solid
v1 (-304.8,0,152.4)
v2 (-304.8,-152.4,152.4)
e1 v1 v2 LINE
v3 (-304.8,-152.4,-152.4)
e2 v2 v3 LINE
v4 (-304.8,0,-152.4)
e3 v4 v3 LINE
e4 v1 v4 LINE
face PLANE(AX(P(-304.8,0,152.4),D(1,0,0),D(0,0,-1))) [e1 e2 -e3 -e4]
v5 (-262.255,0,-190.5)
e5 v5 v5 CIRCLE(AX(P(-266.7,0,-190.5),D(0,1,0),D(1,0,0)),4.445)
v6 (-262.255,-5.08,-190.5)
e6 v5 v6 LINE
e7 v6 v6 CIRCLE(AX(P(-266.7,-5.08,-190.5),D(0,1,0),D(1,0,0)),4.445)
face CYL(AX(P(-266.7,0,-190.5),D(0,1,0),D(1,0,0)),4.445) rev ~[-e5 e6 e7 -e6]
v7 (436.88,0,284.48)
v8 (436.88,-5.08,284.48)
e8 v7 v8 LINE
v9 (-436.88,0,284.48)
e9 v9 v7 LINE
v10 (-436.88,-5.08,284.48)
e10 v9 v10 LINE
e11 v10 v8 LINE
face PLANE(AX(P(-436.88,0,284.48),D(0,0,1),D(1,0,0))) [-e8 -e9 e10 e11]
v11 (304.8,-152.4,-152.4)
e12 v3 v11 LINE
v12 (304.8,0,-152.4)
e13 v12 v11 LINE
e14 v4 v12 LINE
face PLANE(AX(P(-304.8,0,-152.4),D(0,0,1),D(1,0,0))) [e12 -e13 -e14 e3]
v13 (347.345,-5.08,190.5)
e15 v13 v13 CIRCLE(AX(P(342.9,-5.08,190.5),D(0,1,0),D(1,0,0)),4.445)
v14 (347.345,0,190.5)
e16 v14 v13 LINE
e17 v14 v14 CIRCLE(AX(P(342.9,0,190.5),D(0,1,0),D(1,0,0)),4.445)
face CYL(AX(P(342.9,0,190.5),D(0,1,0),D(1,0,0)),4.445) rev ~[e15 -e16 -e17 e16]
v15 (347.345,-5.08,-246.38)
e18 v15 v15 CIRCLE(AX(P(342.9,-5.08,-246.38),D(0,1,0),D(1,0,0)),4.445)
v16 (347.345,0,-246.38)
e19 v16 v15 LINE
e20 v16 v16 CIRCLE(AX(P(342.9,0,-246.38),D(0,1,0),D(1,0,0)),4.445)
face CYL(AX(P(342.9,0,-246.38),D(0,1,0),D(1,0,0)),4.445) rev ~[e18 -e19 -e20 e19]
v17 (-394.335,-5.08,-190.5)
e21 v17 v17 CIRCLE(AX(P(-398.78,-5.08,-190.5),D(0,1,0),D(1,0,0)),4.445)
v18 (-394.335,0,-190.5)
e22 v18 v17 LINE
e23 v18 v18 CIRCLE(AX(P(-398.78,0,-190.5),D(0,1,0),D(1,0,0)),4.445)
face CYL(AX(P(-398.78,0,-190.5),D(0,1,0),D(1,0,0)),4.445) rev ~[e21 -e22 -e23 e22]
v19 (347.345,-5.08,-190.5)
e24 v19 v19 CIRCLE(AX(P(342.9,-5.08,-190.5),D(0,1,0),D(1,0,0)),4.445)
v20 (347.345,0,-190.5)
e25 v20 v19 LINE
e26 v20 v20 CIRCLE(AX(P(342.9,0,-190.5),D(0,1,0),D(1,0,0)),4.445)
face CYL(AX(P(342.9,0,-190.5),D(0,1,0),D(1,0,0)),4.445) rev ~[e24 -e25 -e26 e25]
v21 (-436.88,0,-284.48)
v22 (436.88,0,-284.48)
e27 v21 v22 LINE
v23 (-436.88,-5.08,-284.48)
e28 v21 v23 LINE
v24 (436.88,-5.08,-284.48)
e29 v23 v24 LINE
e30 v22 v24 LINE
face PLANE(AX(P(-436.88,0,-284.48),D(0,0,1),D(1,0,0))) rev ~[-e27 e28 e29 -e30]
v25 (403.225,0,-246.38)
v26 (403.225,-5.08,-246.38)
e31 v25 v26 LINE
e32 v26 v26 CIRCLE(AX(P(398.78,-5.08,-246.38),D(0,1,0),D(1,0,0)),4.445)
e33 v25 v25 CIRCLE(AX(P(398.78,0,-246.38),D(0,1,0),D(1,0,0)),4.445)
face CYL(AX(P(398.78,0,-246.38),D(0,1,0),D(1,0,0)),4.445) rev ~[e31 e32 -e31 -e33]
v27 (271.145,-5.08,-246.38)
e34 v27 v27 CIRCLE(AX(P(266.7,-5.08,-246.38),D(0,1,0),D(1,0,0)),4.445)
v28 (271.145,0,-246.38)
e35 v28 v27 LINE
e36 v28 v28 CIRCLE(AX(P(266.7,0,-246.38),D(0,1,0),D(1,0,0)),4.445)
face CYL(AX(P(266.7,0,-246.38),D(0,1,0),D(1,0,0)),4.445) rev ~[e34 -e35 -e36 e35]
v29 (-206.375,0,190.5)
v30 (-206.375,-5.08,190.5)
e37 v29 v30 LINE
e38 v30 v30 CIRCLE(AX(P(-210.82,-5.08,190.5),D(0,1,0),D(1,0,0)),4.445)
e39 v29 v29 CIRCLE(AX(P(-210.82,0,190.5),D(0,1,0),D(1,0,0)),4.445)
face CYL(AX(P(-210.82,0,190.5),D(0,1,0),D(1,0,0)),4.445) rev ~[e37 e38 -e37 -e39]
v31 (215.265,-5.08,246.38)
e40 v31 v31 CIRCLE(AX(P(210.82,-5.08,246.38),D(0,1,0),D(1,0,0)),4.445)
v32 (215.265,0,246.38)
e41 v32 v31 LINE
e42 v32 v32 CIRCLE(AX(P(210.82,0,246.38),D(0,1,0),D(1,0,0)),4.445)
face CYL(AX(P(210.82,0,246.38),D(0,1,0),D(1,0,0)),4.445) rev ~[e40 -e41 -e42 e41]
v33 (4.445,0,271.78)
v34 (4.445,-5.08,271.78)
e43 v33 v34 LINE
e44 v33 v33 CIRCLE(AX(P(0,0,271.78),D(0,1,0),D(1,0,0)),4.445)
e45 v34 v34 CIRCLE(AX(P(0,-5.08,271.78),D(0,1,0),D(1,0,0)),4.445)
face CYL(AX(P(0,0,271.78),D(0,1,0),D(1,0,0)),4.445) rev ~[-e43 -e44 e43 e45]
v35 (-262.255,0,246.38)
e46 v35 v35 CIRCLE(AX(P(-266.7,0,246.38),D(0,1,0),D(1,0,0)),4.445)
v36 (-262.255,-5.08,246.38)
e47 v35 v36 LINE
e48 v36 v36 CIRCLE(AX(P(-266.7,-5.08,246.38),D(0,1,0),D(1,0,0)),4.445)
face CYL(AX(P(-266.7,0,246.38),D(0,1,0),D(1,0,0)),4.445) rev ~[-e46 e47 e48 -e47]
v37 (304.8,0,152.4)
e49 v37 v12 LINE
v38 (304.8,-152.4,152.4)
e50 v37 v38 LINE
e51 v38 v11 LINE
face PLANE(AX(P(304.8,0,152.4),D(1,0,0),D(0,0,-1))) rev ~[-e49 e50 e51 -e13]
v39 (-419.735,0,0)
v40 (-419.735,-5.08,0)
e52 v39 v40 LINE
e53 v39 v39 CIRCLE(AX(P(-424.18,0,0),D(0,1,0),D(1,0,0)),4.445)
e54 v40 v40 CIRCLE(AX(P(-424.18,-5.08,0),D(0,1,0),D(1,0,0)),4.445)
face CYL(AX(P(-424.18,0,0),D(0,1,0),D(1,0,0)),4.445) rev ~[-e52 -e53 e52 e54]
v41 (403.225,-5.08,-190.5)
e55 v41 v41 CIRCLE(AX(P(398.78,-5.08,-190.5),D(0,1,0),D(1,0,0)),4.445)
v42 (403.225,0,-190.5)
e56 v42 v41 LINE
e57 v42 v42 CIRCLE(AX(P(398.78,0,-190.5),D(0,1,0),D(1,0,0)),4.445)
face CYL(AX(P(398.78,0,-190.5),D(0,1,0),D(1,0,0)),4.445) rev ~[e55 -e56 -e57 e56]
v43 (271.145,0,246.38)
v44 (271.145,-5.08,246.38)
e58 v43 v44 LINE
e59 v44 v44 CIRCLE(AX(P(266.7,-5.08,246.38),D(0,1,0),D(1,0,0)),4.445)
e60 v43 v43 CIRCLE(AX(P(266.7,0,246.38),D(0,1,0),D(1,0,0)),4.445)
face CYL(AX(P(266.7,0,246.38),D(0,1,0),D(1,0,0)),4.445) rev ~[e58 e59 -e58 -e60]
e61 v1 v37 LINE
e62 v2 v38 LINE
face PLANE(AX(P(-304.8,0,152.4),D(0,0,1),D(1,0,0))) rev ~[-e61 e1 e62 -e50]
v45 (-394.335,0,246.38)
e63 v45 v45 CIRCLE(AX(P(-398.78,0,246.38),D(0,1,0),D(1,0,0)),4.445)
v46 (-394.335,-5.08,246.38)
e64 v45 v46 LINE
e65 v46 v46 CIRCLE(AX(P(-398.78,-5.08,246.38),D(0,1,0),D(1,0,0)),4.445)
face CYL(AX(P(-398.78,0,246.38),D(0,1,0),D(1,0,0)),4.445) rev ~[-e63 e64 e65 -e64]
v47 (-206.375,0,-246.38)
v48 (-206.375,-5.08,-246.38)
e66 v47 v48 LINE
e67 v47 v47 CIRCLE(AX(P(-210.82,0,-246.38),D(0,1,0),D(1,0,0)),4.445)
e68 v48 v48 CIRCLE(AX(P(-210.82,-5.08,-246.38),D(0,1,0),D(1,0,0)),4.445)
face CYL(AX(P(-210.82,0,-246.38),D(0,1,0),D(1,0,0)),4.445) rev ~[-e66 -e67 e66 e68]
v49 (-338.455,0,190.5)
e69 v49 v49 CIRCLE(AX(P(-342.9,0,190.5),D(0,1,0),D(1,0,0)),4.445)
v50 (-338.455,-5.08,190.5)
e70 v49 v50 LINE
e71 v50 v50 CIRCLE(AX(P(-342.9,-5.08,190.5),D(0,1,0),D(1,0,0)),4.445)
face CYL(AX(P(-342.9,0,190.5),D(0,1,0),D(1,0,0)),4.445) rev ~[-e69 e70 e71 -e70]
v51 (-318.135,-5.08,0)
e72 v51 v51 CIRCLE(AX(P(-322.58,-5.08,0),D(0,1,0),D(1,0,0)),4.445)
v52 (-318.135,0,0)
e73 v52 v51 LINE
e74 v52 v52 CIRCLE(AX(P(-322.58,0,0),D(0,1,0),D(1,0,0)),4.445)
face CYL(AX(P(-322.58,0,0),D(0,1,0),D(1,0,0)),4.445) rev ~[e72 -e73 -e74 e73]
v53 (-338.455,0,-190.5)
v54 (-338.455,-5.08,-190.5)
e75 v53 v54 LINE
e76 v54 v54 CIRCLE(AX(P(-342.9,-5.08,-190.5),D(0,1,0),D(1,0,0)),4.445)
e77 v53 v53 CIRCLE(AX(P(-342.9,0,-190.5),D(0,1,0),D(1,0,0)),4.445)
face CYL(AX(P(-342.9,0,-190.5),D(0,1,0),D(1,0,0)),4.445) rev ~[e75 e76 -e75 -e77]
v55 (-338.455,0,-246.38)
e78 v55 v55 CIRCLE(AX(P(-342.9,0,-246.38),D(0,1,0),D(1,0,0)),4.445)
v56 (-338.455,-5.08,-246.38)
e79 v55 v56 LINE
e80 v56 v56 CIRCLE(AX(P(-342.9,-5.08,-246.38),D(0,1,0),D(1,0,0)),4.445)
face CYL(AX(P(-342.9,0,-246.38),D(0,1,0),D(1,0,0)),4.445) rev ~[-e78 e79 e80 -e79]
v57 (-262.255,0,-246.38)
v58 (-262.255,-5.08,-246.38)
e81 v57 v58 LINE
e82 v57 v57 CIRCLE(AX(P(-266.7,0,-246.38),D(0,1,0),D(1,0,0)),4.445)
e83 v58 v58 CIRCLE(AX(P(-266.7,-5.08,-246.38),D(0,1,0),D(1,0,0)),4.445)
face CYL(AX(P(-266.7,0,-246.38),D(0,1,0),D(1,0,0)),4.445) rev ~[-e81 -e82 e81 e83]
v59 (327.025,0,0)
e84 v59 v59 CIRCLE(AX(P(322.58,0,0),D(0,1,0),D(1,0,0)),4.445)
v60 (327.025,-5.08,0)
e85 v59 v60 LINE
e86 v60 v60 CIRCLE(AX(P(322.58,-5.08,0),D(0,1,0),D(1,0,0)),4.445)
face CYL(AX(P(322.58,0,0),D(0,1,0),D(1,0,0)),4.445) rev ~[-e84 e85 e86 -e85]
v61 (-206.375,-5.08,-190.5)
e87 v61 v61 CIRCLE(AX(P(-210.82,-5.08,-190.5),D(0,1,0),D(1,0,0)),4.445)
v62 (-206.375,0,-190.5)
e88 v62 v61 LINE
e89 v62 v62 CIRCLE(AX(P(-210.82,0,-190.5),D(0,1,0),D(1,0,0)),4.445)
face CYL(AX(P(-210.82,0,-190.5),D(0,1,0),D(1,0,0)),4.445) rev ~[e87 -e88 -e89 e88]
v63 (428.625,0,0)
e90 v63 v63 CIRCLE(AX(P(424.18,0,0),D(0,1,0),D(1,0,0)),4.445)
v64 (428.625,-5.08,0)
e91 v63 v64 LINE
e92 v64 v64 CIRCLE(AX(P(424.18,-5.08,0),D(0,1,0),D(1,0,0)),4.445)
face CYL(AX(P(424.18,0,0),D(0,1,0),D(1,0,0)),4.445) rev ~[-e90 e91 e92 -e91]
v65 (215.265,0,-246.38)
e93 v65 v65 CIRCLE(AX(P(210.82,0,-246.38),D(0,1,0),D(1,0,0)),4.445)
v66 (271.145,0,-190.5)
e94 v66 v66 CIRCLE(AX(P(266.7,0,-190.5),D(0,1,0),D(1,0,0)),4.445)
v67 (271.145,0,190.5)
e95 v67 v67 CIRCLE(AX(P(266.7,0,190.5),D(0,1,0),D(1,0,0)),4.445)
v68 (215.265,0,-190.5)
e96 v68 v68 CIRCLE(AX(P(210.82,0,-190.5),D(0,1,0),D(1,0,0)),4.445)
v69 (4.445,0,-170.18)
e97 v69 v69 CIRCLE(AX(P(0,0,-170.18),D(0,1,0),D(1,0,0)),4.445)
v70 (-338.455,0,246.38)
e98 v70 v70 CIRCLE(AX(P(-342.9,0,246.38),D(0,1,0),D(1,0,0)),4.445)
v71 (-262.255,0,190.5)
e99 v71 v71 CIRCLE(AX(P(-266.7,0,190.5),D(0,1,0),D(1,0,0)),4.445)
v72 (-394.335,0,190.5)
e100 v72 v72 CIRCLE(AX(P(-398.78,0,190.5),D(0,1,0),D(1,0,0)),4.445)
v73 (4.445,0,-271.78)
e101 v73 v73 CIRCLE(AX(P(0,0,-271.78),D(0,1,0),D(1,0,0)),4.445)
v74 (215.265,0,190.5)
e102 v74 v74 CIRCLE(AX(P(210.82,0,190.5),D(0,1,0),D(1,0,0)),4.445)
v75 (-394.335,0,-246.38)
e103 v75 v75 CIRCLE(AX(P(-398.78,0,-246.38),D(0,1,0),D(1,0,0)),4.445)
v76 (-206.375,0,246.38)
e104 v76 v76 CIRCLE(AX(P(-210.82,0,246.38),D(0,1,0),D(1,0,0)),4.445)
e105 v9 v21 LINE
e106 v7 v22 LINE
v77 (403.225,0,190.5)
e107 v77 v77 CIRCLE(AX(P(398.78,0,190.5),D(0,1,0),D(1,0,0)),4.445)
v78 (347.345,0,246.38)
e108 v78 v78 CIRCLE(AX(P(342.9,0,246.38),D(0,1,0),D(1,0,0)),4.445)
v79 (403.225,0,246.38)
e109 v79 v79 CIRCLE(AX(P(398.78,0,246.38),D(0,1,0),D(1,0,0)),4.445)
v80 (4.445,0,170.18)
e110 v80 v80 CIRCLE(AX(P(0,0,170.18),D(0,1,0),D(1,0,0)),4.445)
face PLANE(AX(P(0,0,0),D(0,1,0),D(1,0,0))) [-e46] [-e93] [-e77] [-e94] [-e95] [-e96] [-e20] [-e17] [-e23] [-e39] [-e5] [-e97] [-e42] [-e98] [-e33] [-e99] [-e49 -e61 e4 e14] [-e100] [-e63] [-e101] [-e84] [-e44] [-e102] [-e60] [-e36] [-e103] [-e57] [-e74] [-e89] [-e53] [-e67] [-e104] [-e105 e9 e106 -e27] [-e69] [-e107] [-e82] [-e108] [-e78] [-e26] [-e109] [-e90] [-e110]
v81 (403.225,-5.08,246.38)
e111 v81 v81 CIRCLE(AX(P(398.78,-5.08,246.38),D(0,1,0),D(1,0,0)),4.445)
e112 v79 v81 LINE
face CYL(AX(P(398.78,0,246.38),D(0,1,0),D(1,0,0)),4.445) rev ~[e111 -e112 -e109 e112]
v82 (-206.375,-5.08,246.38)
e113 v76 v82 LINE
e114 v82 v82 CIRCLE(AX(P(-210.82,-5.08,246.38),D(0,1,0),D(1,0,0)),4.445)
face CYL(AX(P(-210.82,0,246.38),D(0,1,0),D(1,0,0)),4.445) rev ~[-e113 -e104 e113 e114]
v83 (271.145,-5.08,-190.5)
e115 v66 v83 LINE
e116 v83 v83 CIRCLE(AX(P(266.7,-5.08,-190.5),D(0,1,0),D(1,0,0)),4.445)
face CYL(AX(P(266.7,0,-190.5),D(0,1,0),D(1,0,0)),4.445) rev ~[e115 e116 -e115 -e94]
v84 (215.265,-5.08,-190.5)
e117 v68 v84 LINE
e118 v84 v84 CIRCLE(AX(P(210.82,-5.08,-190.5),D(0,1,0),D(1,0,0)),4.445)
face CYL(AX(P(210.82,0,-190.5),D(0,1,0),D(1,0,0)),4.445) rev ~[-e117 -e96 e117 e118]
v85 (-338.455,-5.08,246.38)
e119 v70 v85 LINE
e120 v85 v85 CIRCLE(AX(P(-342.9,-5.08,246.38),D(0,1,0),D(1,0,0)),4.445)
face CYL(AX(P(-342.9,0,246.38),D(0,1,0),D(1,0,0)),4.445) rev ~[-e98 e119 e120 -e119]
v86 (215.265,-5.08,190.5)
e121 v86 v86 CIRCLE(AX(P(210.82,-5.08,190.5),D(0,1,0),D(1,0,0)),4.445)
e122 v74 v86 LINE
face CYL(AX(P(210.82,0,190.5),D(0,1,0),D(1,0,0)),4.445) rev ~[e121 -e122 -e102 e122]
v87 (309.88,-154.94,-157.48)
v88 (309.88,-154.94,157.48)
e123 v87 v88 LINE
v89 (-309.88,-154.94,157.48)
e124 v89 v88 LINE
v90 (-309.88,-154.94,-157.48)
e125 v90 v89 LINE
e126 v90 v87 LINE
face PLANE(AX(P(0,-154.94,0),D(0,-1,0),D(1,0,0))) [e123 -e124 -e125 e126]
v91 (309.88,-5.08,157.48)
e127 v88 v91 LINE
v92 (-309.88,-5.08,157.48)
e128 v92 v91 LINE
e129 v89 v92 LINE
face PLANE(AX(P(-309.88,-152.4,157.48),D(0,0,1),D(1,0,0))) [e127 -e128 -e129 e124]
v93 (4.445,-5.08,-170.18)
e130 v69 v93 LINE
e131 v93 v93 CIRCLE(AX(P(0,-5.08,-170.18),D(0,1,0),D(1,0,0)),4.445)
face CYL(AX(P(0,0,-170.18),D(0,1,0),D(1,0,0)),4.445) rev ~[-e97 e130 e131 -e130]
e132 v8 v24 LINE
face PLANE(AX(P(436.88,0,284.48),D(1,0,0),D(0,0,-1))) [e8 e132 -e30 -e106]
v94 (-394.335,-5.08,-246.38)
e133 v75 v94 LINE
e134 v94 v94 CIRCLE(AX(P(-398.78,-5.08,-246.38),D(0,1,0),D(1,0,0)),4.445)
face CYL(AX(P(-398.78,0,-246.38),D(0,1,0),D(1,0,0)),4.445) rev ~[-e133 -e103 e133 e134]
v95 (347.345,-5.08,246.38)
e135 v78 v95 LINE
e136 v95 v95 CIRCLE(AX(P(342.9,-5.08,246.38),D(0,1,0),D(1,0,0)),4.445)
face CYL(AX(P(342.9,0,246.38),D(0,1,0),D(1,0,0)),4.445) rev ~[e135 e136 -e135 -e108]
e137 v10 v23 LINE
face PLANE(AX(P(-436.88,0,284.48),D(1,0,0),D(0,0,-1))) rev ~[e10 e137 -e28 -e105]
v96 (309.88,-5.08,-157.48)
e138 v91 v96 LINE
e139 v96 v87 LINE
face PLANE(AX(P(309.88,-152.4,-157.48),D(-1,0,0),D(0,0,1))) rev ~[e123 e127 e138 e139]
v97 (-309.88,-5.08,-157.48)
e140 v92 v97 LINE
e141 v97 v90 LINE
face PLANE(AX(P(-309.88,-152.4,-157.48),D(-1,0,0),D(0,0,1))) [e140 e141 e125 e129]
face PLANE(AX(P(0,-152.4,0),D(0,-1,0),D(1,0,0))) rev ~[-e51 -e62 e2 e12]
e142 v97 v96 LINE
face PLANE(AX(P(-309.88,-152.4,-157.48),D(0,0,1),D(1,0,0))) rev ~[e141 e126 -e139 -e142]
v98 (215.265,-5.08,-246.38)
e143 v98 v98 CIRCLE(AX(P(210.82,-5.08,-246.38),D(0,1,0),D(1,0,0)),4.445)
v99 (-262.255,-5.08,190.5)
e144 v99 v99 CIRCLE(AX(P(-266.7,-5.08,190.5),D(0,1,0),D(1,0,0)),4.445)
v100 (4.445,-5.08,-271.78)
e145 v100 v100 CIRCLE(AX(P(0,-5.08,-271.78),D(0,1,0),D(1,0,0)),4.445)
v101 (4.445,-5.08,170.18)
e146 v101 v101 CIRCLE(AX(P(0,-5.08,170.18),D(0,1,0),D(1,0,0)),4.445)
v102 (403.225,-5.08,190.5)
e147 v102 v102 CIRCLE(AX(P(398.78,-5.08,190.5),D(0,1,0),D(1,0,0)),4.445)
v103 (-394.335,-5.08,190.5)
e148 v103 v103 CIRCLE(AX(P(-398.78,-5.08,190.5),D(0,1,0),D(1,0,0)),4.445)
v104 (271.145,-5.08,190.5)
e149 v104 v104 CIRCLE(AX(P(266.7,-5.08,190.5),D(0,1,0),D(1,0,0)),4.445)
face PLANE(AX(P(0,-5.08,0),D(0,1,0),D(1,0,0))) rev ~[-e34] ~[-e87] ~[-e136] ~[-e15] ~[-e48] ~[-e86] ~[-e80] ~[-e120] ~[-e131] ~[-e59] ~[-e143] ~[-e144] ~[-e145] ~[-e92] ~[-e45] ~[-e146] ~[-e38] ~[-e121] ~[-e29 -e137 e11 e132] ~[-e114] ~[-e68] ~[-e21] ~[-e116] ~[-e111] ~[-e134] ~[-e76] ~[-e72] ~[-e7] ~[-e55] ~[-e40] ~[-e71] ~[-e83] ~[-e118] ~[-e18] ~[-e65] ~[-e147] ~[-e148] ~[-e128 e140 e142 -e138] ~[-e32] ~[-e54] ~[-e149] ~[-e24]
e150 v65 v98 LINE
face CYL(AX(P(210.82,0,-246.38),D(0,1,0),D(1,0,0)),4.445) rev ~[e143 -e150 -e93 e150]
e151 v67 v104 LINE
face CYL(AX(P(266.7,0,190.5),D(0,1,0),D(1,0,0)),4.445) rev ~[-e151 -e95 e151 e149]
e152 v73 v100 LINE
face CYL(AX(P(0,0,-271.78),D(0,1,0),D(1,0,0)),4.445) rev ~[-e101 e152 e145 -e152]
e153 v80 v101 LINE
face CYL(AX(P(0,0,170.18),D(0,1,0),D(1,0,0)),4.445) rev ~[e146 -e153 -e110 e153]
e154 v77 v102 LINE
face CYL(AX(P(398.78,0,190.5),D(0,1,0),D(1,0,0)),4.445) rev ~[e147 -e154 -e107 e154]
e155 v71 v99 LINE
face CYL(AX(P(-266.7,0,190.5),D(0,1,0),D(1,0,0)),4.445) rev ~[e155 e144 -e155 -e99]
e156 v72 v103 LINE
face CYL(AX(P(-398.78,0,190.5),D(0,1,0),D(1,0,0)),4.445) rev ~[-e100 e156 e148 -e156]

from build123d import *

# Parameters (mm, degrees)
SKETCH1_W           = 619.76
SKETCH1_H           = 314.96
SKETCH1_W_2         = 609.6
SKETCH1_H_2         = 304.8
EXTRUDE_THIN1_DEPTH = 152.4
SKETCH2_W           = 873.76
SKETCH2_H           = 568.96
SKETCH2_W_2         = 619.76
SKETCH2_H_2         = 314.96
BOSS_EXTRUDE1_DEPTH = 5.08
SKETCH3_W           = 619.76
SKETCH3_H           = 314.96
BOSS_EXTRUDE2_DEPTH = 2.54
SKETCH4_R           = 4.445
CUT_EXTRUDE1_DEPTH  = 155.94


with BuildPart() as part:
    # Sketch1 → Extrude-Thin1 (new body)
    with BuildSketch(Plane(origin=(0, 0, 0), x_dir=(1, 0, 0), z_dir=(0, 1, 0))):
        Rectangle(SKETCH1_W, SKETCH1_H)
        Rectangle(SKETCH1_W_2, SKETCH1_H_2, mode=Mode.SUBTRACT)
    extrude(amount=-EXTRUDE_THIN1_DEPTH)

    # Sketch2 → Boss-Extrude1 (add)
    with BuildSketch(Plane(origin=(0, 0, 0), x_dir=(1, 0, 0), z_dir=(0, 1, 0))):
        Rectangle(SKETCH2_W, SKETCH2_H)
        Rectangle(SKETCH2_W_2, SKETCH2_H_2, mode=Mode.SUBTRACT)
    extrude(amount=-BOSS_EXTRUDE1_DEPTH)

    # Sketch3 → Boss-Extrude2 (add)
    with BuildSketch(Plane.XZ.offset(152.4)):
        Rectangle(SKETCH3_W, SKETCH3_H)
    extrude(amount=BOSS_EXTRUDE2_DEPTH)

    # Sketch4 → Cut-Extrude1 (cut, through all)
    with BuildSketch(Plane(origin=(0, 0, 0), x_dir=(1, 0, 0), z_dir=(0, 1, 0))):
        with Locations((-398.78, 246.38)):
            Circle(SKETCH4_R)
        with Locations((-342.9, 246.38)):
            Circle(SKETCH4_R)
        with Locations((-342.9, 190.5)):
            Circle(SKETCH4_R)
        with Locations((-398.78, 190.5)):
            Circle(SKETCH4_R)
        with Locations((-266.7, 246.38)):
            Circle(SKETCH4_R)
        with Locations((-266.7, 190.5)):
            Circle(SKETCH4_R)
        with Locations((-210.82, 190.5)):
            Circle(SKETCH4_R)
        with Locations((-210.82, 246.38)):
            Circle(SKETCH4_R)
        with Locations((-210.82, -190.5)):
            Circle(SKETCH4_R)
        with Locations((-210.82, -246.38)):
            Circle(SKETCH4_R)
        with Locations((-266.7, -246.38)):
            Circle(SKETCH4_R)
        with Locations((-266.7, -190.5)):
            Circle(SKETCH4_R)
        with Locations((-398.78, -190.5)):
            Circle(SKETCH4_R)
        with Locations((-342.9, -190.5)):
            Circle(SKETCH4_R)
        with Locations((-342.9, -246.38)):
            Circle(SKETCH4_R)
        with Locations((-398.78, -246.38)):
            Circle(SKETCH4_R)
        with Locations((210.82, -246.38)):
            Circle(SKETCH4_R)
        with Locations((210.82, -190.5)):
            Circle(SKETCH4_R)
        with Locations((266.7, -190.5)):
            Circle(SKETCH4_R)
        with Locations((266.7, -246.38)):
            Circle(SKETCH4_R)
        with Locations((398.78, -246.38)):
            Circle(SKETCH4_R)
        with Locations((342.9, -246.38)):
            Circle(SKETCH4_R)
        with Locations((342.9, -190.5)):
            Circle(SKETCH4_R)
        with Locations((398.78, -190.5)):
            Circle(SKETCH4_R)
        with Locations((398.78, 190.5)):
            Circle(SKETCH4_R)
        with Locations((342.9, 190.5)):
            Circle(SKETCH4_R)
        with Locations((266.7, 190.5)):
            Circle(SKETCH4_R)
        with Locations((210.82, 190.5)):
            Circle(SKETCH4_R)
        with Locations((210.82, 246.38)):
            Circle(SKETCH4_R)
        with Locations((266.7, 246.38)):
            Circle(SKETCH4_R)
        with Locations((342.9, 246.38)):
            Circle(SKETCH4_R)
        with Locations((398.78, 246.38)):
            Circle(SKETCH4_R)
        with Locations((0, 271.78)):
            Circle(SKETCH4_R)
        with Locations((0, 170.18)):
            Circle(SKETCH4_R)
        with Locations((-424.18, 0)):
            Circle(SKETCH4_R)
        with Locations((-322.58, 0)):
            Circle(SKETCH4_R)
        with Locations((0, -271.78)):
            Circle(SKETCH4_R)
        with Locations((0, -170.18)):
            Circle(SKETCH4_R)
        with Locations((424.18, 0)):
            Circle(SKETCH4_R)
        with Locations((322.58, 0)):
            Circle(SKETCH4_R)
    extrude(amount=-CUT_EXTRUDE1_DEPTH, mode=Mode.SUBTRACT)


solid = part.part
